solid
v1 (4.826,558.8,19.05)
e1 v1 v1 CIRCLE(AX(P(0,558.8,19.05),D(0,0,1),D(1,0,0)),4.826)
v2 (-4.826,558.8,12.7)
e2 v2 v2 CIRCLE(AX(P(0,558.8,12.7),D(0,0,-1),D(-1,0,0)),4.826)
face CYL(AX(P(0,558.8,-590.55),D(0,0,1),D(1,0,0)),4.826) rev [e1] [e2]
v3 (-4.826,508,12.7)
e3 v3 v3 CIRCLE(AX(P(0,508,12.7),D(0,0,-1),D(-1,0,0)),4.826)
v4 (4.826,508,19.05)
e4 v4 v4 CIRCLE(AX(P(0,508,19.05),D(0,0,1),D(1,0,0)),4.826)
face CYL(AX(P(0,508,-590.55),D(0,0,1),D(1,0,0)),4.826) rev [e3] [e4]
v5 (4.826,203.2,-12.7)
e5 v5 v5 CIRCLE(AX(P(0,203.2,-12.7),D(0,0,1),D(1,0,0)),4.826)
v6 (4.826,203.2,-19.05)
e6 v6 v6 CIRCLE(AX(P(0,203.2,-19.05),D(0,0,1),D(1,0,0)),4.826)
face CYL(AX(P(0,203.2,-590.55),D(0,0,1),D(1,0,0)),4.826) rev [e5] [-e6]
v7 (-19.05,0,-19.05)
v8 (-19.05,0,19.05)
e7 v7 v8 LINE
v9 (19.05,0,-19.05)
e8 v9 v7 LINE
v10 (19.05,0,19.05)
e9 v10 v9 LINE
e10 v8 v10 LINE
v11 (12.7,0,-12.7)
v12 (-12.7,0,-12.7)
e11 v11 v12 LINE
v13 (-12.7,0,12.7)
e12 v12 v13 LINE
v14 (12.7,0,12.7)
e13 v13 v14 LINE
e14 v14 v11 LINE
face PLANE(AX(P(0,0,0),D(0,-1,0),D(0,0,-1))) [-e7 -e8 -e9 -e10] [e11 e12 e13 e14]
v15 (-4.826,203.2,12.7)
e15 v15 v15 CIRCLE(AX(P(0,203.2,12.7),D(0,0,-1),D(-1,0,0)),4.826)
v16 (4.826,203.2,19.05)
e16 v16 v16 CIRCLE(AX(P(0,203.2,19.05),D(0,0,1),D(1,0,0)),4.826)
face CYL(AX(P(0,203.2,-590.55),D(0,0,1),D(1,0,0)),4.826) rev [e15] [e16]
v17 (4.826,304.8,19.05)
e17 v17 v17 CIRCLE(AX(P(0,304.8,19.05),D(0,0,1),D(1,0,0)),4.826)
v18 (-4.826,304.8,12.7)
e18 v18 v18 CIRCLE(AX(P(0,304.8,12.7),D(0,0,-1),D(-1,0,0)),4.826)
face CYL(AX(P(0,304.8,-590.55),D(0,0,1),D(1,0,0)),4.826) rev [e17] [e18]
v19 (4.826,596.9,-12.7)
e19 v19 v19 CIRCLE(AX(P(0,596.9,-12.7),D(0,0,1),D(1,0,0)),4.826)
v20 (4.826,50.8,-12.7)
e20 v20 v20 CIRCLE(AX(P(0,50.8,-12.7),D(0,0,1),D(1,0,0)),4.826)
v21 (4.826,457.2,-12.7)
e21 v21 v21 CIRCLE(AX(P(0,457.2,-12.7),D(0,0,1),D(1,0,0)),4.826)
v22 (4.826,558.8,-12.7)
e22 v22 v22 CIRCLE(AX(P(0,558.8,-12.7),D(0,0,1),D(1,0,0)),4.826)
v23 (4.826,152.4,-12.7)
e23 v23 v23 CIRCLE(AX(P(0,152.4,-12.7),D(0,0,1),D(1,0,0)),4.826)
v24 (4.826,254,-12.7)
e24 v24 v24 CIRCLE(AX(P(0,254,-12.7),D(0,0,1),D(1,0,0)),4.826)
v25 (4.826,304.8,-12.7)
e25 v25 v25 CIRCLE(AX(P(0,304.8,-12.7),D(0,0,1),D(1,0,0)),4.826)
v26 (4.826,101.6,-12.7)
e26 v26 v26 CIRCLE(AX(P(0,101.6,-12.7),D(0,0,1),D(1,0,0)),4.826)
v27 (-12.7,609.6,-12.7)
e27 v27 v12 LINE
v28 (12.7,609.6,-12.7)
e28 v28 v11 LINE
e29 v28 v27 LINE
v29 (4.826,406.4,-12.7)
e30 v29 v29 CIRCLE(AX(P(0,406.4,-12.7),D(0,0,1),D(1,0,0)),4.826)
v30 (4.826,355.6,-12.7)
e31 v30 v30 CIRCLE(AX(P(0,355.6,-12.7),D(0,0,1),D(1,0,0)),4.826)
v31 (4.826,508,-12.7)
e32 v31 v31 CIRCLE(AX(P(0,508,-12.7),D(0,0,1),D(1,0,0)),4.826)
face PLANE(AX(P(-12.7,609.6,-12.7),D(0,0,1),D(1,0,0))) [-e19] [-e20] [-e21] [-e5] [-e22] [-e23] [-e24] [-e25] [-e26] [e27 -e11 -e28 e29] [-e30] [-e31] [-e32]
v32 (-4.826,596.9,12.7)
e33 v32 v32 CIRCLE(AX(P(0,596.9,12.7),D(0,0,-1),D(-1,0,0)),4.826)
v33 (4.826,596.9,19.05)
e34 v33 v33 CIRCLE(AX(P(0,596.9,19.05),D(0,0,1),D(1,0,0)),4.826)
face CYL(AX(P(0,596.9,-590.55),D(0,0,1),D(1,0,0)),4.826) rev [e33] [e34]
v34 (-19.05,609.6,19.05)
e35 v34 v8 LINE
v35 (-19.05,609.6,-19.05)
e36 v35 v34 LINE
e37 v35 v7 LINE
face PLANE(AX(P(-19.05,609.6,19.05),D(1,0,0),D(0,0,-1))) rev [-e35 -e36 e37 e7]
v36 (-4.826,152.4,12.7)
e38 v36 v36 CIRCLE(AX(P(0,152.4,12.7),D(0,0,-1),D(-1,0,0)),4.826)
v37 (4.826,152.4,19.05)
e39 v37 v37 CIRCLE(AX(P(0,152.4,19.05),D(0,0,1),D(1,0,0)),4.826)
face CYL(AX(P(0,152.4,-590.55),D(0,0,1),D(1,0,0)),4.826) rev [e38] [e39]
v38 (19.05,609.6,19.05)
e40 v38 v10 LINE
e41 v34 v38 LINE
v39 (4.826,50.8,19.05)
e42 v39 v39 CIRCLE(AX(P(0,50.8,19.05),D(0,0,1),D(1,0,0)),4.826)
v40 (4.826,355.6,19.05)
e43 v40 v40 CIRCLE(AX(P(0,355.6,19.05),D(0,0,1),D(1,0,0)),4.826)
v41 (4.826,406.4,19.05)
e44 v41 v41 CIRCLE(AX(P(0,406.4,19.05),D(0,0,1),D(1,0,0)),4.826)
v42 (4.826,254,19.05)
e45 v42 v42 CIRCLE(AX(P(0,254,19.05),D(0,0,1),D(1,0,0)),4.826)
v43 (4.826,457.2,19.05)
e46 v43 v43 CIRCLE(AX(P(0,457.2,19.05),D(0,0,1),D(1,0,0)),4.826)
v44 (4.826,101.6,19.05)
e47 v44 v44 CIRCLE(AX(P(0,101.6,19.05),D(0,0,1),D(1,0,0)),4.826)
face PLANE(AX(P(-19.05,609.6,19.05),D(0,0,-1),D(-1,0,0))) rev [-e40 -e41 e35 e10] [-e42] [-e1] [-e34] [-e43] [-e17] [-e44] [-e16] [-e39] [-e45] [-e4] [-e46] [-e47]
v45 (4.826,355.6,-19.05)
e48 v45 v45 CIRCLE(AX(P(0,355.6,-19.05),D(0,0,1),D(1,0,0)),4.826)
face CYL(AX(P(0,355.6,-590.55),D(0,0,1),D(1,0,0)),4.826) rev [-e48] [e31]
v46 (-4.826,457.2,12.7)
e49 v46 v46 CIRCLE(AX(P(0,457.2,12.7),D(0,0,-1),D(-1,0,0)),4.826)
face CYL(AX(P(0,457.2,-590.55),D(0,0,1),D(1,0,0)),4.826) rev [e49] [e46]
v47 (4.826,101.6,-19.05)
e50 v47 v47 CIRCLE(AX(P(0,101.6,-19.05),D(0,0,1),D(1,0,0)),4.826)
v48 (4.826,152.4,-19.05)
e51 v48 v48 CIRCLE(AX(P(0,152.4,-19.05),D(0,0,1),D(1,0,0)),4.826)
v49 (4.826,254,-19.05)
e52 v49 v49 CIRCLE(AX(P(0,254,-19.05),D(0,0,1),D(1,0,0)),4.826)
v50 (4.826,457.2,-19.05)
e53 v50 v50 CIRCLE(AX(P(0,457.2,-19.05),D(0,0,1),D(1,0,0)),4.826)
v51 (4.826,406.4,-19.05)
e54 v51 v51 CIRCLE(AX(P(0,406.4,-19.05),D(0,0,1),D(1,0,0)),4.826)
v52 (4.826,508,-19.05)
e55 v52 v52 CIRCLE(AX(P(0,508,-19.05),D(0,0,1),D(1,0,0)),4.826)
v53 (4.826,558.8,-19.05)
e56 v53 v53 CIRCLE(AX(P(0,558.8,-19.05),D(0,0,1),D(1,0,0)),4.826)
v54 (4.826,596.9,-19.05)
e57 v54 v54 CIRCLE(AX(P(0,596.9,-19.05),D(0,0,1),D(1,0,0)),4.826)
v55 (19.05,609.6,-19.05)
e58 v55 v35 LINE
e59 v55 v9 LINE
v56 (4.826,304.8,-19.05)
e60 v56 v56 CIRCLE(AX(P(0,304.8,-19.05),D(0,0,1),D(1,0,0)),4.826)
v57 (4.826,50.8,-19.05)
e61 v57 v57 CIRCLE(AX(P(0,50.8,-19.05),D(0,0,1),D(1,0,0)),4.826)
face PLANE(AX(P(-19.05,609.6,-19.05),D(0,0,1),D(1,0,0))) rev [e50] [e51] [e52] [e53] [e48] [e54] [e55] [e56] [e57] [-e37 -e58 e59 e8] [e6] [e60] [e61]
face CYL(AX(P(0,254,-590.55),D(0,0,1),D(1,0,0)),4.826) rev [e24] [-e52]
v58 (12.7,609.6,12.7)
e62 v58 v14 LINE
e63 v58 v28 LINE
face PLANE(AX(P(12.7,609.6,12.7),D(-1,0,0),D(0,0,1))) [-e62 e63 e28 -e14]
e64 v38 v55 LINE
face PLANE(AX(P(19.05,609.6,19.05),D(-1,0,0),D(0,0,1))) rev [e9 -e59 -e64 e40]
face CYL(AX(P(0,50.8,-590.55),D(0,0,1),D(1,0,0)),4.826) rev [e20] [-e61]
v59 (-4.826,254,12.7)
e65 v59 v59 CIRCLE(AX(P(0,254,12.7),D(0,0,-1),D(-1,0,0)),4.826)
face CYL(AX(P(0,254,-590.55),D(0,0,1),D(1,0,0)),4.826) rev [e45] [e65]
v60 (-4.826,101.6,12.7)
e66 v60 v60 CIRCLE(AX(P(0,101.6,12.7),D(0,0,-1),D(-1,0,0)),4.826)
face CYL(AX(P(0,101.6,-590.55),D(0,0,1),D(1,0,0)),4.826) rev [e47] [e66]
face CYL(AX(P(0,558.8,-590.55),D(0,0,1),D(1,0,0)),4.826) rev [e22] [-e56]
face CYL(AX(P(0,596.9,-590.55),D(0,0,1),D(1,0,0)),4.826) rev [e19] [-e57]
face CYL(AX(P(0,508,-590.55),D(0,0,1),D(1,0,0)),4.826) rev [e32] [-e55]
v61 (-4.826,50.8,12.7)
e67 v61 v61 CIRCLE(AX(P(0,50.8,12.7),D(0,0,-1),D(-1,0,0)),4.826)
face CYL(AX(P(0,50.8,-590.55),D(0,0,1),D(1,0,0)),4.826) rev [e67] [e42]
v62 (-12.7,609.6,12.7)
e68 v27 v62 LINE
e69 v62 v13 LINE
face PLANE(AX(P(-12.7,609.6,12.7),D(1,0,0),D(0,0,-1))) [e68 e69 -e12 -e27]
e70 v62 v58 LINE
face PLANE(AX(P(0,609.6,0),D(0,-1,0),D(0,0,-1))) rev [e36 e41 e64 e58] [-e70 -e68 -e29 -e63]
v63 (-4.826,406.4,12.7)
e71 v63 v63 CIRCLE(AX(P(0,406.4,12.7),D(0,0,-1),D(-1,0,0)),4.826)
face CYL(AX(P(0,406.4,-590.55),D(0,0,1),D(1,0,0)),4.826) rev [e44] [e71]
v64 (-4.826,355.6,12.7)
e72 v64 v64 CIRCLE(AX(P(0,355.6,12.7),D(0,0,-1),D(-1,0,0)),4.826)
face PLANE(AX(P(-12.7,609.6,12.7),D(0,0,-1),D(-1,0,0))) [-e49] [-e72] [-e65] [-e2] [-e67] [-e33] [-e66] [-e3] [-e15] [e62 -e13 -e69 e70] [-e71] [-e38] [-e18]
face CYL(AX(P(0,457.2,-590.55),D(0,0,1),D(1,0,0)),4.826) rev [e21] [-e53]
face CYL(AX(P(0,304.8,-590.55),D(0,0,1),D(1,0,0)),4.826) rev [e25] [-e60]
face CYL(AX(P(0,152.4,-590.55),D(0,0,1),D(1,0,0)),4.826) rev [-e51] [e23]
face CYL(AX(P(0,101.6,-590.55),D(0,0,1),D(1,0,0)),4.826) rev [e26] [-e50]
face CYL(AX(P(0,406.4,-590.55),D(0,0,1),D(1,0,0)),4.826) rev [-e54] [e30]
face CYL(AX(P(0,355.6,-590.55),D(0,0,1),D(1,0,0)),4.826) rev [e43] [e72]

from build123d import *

# Parameters (mm, degrees)
SKETCH2_W           = 38.1
SKETCH2_H           = 38.1
SKETCH2_W_2         = 25.4
SKETCH2_H_2         = 25.4
BOSS_EXTRUDE1_DEPTH = 609.6
SKETCH3_R           = 4.826
CUT_EXTRUDE1_DEPTH  = 609.6


with BuildPart() as part:
    # Sketch2 → Boss-Extrude1 (new body)
    with BuildSketch(Plane(origin=(0, 0, 0), x_dir=(1, 0, 0), z_dir=(0, 1, 0))):
        Rectangle(SKETCH2_W, SKETCH2_H)
        Rectangle(SKETCH2_W_2, SKETCH2_H_2, mode=Mode.SUBTRACT)
    extrude(amount=BOSS_EXTRUDE1_DEPTH)

    # Sketch3 → Cut-Extrude1 (cut)
    with BuildSketch(Plane.XY.offset(19.05)):
        with Locations((0, 596.9)):
            Circle(SKETCH3_R)
        with Locations((0, 558.8)):
            Circle(SKETCH3_R)
        with Locations((0, 508)):
            Circle(SKETCH3_R)
        with Locations((0, 457.2)):
            Circle(SKETCH3_R)
        with Locations((0, 406.4)):
            Circle(SKETCH3_R)
        with Locations((0, 355.6)):
            Circle(SKETCH3_R)
        with Locations((0, 304.8)):
            Circle(SKETCH3_R)
        with Locations((0, 254)):
            Circle(SKETCH3_R)
        with Locations((0, 203.2)):
            Circle(SKETCH3_R)
        with Locations((0, 152.4)):
            Circle(SKETCH3_R)
        with Locations((0, 101.6)):
            Circle(SKETCH3_R)
        with Locations((0, 50.8)):
            Circle(SKETCH3_R)
    extrude(amount=-CUT_EXTRUDE1_DEPTH, mode=Mode.SUBTRACT)


solid = part.part
